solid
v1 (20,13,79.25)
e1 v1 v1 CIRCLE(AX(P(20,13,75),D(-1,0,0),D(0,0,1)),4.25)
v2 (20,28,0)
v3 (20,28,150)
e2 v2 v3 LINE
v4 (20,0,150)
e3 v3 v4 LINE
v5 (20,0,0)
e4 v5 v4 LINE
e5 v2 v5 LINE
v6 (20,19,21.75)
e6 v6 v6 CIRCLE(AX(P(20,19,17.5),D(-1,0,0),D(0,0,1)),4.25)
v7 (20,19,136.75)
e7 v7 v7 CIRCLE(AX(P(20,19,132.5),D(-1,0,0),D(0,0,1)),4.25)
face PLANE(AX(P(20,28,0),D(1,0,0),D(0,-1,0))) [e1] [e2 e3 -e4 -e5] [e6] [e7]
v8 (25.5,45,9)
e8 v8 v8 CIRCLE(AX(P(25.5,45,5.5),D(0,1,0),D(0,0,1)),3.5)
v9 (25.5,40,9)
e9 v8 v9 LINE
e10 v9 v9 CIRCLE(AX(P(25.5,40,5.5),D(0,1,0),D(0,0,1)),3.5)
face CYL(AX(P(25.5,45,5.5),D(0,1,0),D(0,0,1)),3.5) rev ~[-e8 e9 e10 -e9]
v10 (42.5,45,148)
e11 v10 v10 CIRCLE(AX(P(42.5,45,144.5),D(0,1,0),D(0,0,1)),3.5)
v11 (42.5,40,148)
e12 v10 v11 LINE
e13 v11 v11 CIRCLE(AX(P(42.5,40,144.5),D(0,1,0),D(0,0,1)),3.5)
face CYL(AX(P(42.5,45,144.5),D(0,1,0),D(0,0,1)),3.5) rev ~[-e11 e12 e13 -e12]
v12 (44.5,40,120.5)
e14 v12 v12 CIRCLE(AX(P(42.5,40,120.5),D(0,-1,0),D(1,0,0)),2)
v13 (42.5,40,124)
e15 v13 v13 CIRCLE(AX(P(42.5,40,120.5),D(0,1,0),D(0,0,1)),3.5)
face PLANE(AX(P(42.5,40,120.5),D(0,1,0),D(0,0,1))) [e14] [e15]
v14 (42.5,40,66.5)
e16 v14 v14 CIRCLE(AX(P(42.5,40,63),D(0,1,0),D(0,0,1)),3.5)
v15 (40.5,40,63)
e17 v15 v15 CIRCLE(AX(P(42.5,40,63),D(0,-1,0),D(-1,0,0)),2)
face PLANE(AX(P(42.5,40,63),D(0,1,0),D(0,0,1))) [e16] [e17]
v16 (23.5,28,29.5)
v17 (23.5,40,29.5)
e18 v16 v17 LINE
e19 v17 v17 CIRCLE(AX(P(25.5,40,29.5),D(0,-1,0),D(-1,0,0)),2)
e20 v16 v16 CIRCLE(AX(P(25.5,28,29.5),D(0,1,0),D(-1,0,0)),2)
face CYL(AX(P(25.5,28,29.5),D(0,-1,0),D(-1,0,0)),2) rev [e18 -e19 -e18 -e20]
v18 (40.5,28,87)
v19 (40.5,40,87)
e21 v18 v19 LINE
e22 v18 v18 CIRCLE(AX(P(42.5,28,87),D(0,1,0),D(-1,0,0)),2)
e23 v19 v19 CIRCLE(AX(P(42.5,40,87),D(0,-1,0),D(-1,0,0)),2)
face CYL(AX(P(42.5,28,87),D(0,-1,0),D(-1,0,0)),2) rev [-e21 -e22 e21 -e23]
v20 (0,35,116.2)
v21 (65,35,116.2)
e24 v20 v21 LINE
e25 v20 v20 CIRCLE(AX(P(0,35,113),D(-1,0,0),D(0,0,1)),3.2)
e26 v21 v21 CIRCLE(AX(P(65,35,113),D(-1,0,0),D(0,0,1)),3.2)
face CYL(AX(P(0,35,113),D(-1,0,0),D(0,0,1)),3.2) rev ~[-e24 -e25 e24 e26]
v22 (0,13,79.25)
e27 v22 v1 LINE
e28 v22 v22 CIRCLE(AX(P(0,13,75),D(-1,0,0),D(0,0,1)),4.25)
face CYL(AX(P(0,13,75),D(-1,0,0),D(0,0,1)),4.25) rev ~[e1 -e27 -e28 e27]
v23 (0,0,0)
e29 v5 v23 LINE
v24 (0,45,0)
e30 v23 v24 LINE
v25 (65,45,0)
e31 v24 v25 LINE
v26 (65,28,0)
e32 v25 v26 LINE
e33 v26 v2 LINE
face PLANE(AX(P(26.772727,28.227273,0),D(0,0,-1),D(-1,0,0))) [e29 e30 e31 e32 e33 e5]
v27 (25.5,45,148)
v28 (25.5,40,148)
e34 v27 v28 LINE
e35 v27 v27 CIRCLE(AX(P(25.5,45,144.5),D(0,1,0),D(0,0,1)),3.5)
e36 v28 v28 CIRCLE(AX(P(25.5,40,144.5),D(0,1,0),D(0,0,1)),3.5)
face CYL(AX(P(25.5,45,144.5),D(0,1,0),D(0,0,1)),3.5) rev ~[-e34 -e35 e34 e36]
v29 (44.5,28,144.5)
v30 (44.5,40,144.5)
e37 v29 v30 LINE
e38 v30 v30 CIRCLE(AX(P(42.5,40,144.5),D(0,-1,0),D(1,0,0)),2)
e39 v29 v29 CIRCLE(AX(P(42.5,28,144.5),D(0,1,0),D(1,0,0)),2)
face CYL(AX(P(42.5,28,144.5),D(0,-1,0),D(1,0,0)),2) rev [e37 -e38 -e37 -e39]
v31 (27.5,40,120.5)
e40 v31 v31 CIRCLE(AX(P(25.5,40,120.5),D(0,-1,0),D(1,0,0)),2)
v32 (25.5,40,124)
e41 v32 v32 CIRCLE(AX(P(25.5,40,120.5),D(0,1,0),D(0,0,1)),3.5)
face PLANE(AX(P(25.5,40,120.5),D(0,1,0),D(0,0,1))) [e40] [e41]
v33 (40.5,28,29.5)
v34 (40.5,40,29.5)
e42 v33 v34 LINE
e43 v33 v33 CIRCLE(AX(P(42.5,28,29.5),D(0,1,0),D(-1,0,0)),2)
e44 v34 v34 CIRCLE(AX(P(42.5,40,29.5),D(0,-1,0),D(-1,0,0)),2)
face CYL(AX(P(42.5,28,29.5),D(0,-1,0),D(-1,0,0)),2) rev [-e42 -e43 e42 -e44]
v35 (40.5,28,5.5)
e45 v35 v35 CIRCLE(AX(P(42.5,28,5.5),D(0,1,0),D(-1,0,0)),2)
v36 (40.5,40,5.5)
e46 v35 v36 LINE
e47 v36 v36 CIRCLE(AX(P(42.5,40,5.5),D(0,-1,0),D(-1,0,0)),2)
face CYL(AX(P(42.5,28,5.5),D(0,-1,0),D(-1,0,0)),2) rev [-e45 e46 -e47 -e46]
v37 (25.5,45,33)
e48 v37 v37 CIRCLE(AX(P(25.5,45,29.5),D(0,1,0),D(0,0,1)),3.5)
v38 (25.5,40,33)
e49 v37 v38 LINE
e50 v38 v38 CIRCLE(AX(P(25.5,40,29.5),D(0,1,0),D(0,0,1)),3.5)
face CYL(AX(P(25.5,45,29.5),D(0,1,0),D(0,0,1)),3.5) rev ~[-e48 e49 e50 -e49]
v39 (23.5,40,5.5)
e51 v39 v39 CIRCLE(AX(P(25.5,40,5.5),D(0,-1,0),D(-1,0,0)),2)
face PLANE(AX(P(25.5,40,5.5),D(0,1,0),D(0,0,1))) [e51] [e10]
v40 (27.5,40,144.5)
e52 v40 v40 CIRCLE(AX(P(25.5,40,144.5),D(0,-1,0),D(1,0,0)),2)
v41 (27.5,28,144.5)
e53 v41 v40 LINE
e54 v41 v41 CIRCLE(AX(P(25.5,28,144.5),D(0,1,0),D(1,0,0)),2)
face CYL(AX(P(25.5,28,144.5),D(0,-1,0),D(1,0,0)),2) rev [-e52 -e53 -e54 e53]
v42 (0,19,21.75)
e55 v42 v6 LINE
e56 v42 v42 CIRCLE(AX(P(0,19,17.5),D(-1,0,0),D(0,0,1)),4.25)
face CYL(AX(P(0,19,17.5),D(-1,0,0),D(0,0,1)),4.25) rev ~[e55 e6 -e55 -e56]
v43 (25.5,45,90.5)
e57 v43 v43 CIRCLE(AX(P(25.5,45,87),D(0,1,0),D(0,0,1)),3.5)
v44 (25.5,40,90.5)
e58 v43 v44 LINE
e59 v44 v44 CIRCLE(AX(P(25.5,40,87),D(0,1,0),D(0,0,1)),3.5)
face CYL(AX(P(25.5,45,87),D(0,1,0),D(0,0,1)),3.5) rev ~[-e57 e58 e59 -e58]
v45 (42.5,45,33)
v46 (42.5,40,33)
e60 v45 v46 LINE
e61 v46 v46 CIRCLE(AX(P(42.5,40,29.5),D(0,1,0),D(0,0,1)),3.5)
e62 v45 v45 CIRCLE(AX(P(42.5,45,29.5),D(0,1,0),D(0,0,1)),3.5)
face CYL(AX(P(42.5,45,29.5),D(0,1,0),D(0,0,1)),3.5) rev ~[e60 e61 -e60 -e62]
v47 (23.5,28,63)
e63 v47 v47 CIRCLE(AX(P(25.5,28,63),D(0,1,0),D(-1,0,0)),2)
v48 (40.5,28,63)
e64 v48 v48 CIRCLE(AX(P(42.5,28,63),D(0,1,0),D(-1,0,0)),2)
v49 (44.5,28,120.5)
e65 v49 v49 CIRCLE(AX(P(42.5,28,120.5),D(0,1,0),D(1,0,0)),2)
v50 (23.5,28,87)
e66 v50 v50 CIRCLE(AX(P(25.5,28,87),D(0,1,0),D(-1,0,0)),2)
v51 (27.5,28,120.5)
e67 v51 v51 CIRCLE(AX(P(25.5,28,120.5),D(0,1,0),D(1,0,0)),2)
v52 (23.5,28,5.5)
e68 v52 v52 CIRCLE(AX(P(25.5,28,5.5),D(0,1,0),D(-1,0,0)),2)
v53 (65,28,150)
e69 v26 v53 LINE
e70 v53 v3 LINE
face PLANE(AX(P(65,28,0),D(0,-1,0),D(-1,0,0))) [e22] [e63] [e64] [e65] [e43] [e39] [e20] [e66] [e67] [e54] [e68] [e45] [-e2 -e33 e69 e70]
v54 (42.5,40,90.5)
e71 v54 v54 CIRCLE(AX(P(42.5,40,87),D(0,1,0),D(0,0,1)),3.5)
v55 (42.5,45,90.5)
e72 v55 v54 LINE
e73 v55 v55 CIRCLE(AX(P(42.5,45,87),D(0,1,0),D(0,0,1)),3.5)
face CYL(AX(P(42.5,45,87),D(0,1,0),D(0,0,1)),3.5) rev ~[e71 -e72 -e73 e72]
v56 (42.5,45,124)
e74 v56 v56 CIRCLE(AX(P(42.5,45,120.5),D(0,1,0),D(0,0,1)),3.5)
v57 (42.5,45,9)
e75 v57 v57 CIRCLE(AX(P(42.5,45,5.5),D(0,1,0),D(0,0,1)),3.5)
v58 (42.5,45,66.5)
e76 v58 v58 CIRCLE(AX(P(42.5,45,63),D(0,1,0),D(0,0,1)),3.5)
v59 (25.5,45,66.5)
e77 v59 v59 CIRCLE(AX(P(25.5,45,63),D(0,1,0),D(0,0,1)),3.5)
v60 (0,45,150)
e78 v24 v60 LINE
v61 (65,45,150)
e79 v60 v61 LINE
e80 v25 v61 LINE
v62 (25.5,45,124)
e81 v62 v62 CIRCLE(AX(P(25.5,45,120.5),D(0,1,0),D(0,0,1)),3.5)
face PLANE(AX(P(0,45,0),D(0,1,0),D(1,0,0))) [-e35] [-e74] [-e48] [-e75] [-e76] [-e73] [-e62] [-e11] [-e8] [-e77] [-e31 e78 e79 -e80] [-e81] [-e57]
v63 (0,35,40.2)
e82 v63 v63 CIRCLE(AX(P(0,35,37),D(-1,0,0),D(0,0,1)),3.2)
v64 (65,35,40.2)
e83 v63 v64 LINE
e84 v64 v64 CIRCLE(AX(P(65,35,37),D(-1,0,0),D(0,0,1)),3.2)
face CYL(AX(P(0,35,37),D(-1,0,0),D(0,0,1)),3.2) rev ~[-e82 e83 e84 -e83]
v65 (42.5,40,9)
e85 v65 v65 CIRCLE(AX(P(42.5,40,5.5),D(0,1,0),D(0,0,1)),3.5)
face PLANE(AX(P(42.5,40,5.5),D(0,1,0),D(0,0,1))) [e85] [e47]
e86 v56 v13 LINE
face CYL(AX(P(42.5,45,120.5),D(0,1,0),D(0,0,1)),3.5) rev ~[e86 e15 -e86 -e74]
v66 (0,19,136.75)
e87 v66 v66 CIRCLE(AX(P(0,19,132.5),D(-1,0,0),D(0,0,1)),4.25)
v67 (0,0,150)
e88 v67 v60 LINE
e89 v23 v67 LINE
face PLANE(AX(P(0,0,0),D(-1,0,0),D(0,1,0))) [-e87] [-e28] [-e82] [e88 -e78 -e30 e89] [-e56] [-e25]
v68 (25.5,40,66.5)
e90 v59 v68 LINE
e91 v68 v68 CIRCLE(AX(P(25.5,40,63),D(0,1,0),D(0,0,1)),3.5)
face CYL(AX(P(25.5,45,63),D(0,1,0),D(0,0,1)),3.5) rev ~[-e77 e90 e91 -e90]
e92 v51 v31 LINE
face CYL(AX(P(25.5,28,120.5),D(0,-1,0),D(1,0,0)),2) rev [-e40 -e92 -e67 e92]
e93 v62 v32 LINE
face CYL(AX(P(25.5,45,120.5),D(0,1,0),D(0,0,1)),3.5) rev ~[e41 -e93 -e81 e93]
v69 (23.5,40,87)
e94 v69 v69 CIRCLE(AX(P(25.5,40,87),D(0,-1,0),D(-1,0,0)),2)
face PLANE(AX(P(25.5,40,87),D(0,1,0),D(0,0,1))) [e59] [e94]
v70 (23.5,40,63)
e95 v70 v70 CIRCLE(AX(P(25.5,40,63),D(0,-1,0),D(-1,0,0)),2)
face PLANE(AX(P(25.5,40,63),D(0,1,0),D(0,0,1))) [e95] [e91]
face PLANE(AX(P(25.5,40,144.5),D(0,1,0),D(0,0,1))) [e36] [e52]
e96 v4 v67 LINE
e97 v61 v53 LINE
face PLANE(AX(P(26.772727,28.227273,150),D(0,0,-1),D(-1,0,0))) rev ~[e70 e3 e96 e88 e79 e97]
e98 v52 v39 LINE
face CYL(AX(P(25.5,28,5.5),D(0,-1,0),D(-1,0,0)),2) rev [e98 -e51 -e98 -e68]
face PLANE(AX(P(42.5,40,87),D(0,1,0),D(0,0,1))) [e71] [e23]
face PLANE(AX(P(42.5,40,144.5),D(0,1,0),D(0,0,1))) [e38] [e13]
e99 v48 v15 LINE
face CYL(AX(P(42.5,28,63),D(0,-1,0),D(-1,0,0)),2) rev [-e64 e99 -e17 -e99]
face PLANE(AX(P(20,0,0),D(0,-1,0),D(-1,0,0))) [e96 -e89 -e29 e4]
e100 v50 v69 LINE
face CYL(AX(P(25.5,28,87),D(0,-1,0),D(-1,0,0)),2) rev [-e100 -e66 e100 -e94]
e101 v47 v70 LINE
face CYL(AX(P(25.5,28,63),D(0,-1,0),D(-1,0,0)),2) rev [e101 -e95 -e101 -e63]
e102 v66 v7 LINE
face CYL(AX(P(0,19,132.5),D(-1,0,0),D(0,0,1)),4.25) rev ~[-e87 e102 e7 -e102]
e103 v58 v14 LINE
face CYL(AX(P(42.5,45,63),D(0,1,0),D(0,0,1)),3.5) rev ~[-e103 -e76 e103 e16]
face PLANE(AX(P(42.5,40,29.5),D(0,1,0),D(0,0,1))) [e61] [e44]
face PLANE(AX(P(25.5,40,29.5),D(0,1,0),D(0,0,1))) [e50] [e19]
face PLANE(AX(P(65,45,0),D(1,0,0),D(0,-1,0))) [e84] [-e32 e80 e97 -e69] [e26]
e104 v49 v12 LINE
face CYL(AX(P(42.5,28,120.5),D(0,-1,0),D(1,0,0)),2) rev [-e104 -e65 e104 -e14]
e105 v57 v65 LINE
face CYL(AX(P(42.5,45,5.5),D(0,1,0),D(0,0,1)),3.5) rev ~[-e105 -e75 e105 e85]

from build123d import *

# Parameters (mm, degrees)
BOSS_EXTRUDE1_DEPTH = 150
SKETCH3_R           = 4.25
SKETCH3_R_2         = 3.2
CUT_EXTRUDE1_DEPTH  = 170.558249578
SKETCH4_R           = 2
CUT_EXTRUDE2_DEPTH  = 166.858373319
SKETCH5_R           = 3.5
CUT_EXTRUDE3_DEPTH  = 5


with BuildPart() as part:
    # Sketch2 → Boss-Extrude1 (new body)
    with BuildSketch(Plane.XY):
        Polygon((0, 0), (0, 45), (65, 45), (65, 28), (20, 28), (20, 0), align=None)
    extrude(amount=BOSS_EXTRUDE1_DEPTH)

    # Sketch3 → Cut-Extrude1 (cut, through all)
    with BuildSketch(Plane.ZY):
        with Locations((17.5, 19)):
            Circle(SKETCH3_R)
        with Locations((132.5, 19)):
            Circle(SKETCH3_R)
        with Locations((75, 13)):
            Circle(SKETCH3_R)
        with Locations((37, 35)):
            Circle(SKETCH3_R_2)
        with Locations((113, 35)):
            Circle(SKETCH3_R_2)
    extrude(amount=-CUT_EXTRUDE1_DEPTH, mode=Mode.SUBTRACT)

    # Sketch4 → Cut-Extrude2 (cut, through all)
    with BuildSketch(Plane(origin=(0, 28, 0), x_dir=(1, 0, 0), z_dir=(0, 1, 0))):
        with Locations(Location((42.5, -29.5, 0), (0, 0, 180))):
            Circle(SKETCH4_R)
        with Locations(Location((42.5, -5.5, 0), (0, 0, 180))):
            Circle(SKETCH4_R)
        with Locations(Location((25.5, -5.5, 0), (0, 0, 180))):
            Circle(SKETCH4_R)
        with Locations(Location((25.5, -29.5, 0), (0, 0, 180))):
            Circle(SKETCH4_R)
        with Locations((42.5, -144.5)):
            Circle(SKETCH4_R)
        with Locations((42.5, -120.5)):
            Circle(SKETCH4_R)
        with Locations((25.5, -120.5)):
            Circle(SKETCH4_R)
        with Locations((25.5, -144.5)):
            Circle(SKETCH4_R)
        with Locations(Location((42.5, -87, 0), (0, 0, 180))):
            Circle(SKETCH4_R)
        with Locations(Location((42.5, -63, 0), (0, 0, 180))):
            Circle(SKETCH4_R)
        with Locations(Location((25.5, -63, 0), (0, 0, 180))):
            Circle(SKETCH4_R)
        with Locations(Location((25.5, -87, 0), (0, 0, 180))):
            Circle(SKETCH4_R)
    extrude(amount=CUT_EXTRUDE2_DEPTH, mode=Mode.SUBTRACT)

    # Sketch5 → Cut-Extrude3 (cut)
    with BuildSketch(Plane(origin=(0, 45, 0), x_dir=(1, 0, 0), z_dir=(0, 1, 0))):
        with Locations(Location((25.5, -5.5, 0), (0, 0, 270))):
            Circle(SKETCH5_R)
        with Locations(Location((42.5, -5.5, 0), (0, 0, 270))):
            Circle(SKETCH5_R)
        with Locations(Location((25.5, -29.5, 0), (0, 0, 270))):
            Circle(SKETCH5_R)
        with Locations(Location((42.5, -29.5, 0), (0, 0, 270))):
            Circle(SKETCH5_R)
        with Locations(Location((25.5, -63, 0), (0, 0, 270))):
            Circle(SKETCH5_R)
        with Locations(Location((42.5, -63, 0), (0, 0, 270))):
            Circle(SKETCH5_R)
        with Locations(Location((25.5, -87, 0), (0, 0, 270))):
            Circle(SKETCH5_R)
        with Locations(Location((42.5, -87, 0), (0, 0, 270))):
            Circle(SKETCH5_R)
        with Locations(Location((25.5, -120.5, 0), (0, 0, 270))):
            Circle(SKETCH5_R)
        with Locations(Location((42.5, -120.5, 0), (0, 0, 270))):
            Circle(SKETCH5_R)
        with Locations(Location((42.5, -144.5, 0), (0, 0, 270))):
            Circle(SKETCH5_R)
        with Locations(Location((25.5, -144.5, 0), (0, 0, 270))):
            Circle(SKETCH5_R)
    extrude(amount=-CUT_EXTRUDE3_DEPTH, mode=Mode.SUBTRACT)


solid = part.part
